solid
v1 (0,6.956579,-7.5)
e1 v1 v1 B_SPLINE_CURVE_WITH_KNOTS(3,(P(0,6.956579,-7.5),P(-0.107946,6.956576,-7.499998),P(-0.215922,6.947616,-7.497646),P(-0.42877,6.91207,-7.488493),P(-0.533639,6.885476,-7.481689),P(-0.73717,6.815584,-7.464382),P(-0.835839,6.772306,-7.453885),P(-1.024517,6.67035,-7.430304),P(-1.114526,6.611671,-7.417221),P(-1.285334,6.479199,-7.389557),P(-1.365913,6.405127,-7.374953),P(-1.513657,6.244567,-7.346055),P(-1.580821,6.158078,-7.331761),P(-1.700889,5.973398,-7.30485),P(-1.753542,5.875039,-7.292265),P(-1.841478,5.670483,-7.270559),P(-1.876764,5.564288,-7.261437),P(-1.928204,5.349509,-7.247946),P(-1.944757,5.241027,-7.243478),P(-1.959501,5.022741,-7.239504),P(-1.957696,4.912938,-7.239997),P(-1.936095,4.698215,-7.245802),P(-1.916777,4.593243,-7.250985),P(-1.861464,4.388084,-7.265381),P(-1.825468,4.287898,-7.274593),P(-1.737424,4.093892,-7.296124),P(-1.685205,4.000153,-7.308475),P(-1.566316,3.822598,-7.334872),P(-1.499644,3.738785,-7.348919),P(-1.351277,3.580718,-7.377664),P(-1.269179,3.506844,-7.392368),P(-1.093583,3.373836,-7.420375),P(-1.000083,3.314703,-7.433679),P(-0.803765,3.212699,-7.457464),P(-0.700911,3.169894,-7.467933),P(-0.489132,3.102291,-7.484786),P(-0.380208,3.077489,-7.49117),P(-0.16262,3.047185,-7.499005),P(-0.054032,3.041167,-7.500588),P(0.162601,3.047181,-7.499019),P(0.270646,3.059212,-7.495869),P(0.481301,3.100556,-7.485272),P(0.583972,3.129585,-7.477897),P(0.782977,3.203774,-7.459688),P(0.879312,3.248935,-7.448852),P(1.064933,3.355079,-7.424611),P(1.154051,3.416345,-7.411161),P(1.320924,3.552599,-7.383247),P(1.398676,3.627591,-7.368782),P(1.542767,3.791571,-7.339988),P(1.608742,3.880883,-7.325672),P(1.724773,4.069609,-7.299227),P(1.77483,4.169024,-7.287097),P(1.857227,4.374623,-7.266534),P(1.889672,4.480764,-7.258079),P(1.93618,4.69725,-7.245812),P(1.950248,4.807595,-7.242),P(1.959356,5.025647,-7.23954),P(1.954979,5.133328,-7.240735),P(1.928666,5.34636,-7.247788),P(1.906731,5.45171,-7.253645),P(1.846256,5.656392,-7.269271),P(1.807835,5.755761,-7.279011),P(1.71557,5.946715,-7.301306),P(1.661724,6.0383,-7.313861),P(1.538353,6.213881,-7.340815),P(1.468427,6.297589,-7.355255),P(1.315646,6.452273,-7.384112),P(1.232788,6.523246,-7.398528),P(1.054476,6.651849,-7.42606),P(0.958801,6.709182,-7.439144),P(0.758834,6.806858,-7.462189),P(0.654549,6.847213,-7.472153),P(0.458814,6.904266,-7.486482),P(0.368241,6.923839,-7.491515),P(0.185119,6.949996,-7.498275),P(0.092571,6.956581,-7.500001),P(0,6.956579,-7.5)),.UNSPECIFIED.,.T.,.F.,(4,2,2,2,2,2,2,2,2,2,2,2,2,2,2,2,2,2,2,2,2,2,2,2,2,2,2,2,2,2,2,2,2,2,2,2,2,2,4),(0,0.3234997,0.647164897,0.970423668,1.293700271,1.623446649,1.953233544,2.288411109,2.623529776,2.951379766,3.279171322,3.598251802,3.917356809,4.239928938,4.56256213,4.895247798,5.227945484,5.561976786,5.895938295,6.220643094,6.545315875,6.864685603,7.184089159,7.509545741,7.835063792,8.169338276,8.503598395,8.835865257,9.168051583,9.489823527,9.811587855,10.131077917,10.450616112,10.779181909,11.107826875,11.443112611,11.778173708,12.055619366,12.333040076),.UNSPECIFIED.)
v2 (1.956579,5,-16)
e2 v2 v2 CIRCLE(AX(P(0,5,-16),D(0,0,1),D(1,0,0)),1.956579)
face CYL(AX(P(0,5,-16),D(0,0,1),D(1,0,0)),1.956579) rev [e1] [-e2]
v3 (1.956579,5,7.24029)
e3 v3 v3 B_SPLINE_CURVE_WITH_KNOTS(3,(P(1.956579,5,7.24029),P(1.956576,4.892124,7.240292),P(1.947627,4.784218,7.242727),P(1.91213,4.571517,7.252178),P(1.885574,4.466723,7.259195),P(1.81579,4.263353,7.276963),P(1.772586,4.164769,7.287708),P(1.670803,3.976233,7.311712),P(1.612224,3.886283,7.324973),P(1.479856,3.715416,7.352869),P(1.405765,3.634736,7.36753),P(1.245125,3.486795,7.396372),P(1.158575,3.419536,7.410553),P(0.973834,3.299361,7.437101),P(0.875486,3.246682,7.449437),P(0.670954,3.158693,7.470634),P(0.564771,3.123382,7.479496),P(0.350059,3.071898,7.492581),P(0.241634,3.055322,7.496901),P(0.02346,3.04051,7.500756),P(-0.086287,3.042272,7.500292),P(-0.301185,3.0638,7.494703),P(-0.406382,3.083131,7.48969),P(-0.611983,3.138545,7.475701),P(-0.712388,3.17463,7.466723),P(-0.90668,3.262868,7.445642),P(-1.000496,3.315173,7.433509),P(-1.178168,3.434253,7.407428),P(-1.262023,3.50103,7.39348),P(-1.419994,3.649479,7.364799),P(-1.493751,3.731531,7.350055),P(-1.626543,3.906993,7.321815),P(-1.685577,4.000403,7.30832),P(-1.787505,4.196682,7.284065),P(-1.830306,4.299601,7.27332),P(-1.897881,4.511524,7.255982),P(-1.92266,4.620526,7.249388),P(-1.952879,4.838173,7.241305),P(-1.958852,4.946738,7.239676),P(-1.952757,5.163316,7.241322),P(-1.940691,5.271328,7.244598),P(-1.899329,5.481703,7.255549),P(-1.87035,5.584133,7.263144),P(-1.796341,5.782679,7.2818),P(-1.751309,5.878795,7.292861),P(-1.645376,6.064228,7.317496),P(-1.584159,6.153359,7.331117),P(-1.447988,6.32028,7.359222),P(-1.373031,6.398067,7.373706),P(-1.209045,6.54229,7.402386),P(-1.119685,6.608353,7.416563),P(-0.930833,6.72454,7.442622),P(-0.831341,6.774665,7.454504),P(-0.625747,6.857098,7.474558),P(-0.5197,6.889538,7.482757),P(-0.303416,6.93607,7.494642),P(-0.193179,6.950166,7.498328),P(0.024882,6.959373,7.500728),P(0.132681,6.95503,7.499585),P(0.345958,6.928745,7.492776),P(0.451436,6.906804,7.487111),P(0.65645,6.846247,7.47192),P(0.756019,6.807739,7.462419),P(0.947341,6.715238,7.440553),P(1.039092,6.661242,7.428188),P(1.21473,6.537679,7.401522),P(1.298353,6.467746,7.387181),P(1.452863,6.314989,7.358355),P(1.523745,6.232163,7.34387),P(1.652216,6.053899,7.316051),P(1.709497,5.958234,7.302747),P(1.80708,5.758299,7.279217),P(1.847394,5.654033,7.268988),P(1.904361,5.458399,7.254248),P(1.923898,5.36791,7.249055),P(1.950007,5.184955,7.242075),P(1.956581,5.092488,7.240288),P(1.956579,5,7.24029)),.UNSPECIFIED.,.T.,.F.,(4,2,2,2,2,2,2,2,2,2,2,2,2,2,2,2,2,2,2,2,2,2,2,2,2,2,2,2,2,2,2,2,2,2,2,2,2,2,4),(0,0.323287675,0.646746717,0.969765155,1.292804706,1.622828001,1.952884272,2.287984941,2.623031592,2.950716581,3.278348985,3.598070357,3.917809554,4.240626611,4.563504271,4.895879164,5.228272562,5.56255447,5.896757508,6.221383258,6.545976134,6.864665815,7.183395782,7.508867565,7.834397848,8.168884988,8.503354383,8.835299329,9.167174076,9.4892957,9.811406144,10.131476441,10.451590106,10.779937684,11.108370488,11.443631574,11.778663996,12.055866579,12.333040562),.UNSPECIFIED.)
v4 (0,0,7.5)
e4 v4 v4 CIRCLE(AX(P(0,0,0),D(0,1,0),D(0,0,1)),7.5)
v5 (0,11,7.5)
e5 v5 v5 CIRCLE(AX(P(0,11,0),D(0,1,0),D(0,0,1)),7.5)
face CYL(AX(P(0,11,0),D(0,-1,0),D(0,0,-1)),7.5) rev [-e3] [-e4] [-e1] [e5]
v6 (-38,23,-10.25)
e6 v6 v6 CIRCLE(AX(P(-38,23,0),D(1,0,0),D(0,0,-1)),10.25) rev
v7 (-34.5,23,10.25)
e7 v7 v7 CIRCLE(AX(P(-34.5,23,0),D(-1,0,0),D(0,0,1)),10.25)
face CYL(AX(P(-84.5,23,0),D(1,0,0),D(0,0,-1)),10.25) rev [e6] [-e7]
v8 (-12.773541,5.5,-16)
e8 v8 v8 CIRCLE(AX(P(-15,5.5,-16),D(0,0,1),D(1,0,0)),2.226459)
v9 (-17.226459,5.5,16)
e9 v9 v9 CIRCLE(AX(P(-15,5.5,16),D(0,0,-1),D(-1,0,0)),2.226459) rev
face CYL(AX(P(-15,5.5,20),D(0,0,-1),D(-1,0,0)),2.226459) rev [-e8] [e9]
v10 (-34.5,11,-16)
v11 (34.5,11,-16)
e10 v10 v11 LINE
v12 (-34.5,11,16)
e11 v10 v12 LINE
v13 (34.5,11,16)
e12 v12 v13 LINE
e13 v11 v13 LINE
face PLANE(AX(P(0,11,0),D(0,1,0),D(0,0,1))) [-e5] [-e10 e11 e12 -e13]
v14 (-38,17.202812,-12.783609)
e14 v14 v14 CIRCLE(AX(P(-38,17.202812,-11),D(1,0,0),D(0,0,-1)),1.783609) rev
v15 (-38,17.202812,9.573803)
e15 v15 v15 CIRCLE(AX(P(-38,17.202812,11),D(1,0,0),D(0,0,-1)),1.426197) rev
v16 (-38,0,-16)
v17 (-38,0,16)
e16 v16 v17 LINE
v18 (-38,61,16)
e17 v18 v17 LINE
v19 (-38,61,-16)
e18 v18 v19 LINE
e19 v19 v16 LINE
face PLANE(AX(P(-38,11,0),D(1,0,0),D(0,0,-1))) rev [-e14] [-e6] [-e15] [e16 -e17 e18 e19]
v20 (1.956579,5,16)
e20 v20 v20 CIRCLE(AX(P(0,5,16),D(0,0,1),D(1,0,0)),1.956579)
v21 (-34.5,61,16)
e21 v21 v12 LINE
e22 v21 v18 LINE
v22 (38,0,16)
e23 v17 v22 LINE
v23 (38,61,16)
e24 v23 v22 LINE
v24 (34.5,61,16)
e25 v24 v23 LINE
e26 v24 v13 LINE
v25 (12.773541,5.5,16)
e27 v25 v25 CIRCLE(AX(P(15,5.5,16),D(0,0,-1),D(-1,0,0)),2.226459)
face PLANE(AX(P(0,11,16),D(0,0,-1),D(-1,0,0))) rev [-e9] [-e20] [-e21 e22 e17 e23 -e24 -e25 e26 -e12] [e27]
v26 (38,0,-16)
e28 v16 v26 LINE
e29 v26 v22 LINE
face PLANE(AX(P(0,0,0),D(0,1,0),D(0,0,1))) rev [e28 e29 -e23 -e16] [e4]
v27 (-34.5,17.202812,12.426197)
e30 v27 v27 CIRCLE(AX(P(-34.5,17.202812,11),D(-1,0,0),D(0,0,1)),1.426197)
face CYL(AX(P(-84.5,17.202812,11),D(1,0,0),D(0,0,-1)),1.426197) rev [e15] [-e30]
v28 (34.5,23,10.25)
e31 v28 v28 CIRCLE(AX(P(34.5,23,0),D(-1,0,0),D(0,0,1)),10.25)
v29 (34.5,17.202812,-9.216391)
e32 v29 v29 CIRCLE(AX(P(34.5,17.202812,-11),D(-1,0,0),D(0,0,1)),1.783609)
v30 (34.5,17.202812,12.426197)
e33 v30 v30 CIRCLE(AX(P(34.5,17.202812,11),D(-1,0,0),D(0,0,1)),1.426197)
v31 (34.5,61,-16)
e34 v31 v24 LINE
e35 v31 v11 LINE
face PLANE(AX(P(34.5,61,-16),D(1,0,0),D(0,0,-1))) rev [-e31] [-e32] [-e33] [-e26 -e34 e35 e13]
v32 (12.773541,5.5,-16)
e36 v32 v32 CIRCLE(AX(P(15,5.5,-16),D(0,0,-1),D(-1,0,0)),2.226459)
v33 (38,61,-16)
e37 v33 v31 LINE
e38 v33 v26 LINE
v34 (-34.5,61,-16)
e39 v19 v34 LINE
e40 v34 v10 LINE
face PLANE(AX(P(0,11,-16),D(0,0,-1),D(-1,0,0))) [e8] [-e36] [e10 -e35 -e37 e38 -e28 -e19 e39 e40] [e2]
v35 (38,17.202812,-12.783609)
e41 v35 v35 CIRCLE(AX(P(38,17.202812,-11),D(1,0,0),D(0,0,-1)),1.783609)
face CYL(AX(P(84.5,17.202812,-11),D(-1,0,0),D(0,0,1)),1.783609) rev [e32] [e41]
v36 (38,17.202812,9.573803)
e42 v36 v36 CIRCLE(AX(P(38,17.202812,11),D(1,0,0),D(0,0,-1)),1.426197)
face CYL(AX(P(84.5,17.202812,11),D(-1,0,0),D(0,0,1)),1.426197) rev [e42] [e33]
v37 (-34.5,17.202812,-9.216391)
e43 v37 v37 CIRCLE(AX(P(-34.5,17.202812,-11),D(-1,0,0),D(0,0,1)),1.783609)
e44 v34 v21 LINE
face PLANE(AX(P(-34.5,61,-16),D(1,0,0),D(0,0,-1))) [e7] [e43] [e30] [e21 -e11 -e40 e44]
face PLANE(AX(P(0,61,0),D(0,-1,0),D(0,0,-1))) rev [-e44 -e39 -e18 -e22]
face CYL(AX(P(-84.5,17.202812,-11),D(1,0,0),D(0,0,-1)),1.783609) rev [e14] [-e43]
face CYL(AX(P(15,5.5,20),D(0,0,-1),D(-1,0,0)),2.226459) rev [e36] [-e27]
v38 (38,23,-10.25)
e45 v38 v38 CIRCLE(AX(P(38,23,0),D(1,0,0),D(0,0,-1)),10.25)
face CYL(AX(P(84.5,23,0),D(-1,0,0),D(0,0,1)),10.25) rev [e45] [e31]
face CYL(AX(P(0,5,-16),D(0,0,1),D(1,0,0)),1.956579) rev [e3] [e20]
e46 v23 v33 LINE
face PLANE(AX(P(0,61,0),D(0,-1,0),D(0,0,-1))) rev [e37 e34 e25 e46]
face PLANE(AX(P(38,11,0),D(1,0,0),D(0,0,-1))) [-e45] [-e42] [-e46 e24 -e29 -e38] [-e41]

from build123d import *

# Parameters (mm, degrees)
BOSS_EXTRUDE1_DEPTH = 11
SKETCH2_W           = 3.5
SKETCH2_H           = 32
BOSS_EXTRUDE2_DEPTH = 50
SKETCH3_R           = 10.25
SKETCH3_R_2         = 1.783609491
SKETCH3_R_3         = 1.426196869
CUT_EXTRUDE1_DEPTH  = 50
SKETCH4_R           = 2.22645949
CUT_EXTRUDE2_DEPTH  = 36
SKETCH5_R           = 1.95657882
CUT_EXTRUDE3_DEPTH  = 32


with BuildPart() as part:
    # Sketch1 → Boss-Extrude1 (new body)
    with BuildSketch(Plane(origin=(0, 0, 0), x_dir=(1, 0, 0), z_dir=(0, 1, 0))):
        with BuildLine():
            Line((38, 16), (0, 16))
            Line((0, 16), (0, 7.5))
            ThreePointArc((0, 7.5), (5.303300859, 5.303300859), (7.5, 0))
            ThreePointArc((7.5, 0), (5.303300859, -5.303300859), (0, -7.5))
            Line((0, -7.5), (0, -16))
            Line((0, -16), (38, -16))
            Line((38, -16), (38, 16))
        make_face()
    boss_extrude1 = extrude(amount=BOSS_EXTRUDE1_DEPTH)

    # Sketch2 → Boss-Extrude2 (add)
    with BuildSketch(Plane(origin=(0, 11, 0), x_dir=(1, 0, 0), z_dir=(0, 1, 0))):
        with Locations((36.25, 0)):
            Rectangle(SKETCH2_W, SKETCH2_H)
    boss_extrude2 = extrude(amount=BOSS_EXTRUDE2_DEPTH)

    # Sketch3 → Cut-Extrude1 (cut)
    with BuildSketch(Plane.ZY.offset(-34.5)):
        with Locations((0, 23)):
            Circle(SKETCH3_R)
        with Locations((-11, 17.202811543)):
            Circle(SKETCH3_R_2)
        with Locations((11, 17.202811543)):
            Circle(SKETCH3_R_3)
    cut_extrude1 = extrude(amount=-CUT_EXTRUDE1_DEPTH, mode=Mode.SUBTRACT)

    # Sketch4 → Cut-Extrude2 (cut)
    with BuildSketch(Plane(origin=(0, 0, -16), x_dir=(-1, 0, 0), z_dir=(0, 0, -1))):
        with Locations((-15, 5.5)):
            Circle(SKETCH4_R)
    cut_extrude2 = extrude(amount=-CUT_EXTRUDE2_DEPTH, mode=Mode.SUBTRACT)

    # Mirror1: Boss-Extrude1, Boss-Extrude2, Cut-Extrude1, Cut-Extrude2 across plane
    add(boss_extrude1.mirror(Plane(origin=(0, 11, 0), x_dir=(0, 0, 1), z_dir=(1, 0, 0))))
    add(boss_extrude2.mirror(Plane(origin=(0, 11, 0), x_dir=(0, 0, 1), z_dir=(1, 0, 0))))
    add(cut_extrude1.mirror(Plane(origin=(0, 11, 0), x_dir=(0, 0, 1), z_dir=(1, 0, 0))), mode=Mode.SUBTRACT)
    add(cut_extrude2.mirror(Plane(origin=(0, 11, 0), x_dir=(0, 0, 1), z_dir=(1, 0, 0))), mode=Mode.SUBTRACT)

    # Sketch5 → Cut-Extrude3 (cut)
    with BuildSketch(Plane.XY.offset(16)):
        with Locations((0, 5)):
            Circle(SKETCH5_R)
    extrude(amount=-CUT_EXTRUDE3_DEPTH, mode=Mode.SUBTRACT)


solid = part.part
